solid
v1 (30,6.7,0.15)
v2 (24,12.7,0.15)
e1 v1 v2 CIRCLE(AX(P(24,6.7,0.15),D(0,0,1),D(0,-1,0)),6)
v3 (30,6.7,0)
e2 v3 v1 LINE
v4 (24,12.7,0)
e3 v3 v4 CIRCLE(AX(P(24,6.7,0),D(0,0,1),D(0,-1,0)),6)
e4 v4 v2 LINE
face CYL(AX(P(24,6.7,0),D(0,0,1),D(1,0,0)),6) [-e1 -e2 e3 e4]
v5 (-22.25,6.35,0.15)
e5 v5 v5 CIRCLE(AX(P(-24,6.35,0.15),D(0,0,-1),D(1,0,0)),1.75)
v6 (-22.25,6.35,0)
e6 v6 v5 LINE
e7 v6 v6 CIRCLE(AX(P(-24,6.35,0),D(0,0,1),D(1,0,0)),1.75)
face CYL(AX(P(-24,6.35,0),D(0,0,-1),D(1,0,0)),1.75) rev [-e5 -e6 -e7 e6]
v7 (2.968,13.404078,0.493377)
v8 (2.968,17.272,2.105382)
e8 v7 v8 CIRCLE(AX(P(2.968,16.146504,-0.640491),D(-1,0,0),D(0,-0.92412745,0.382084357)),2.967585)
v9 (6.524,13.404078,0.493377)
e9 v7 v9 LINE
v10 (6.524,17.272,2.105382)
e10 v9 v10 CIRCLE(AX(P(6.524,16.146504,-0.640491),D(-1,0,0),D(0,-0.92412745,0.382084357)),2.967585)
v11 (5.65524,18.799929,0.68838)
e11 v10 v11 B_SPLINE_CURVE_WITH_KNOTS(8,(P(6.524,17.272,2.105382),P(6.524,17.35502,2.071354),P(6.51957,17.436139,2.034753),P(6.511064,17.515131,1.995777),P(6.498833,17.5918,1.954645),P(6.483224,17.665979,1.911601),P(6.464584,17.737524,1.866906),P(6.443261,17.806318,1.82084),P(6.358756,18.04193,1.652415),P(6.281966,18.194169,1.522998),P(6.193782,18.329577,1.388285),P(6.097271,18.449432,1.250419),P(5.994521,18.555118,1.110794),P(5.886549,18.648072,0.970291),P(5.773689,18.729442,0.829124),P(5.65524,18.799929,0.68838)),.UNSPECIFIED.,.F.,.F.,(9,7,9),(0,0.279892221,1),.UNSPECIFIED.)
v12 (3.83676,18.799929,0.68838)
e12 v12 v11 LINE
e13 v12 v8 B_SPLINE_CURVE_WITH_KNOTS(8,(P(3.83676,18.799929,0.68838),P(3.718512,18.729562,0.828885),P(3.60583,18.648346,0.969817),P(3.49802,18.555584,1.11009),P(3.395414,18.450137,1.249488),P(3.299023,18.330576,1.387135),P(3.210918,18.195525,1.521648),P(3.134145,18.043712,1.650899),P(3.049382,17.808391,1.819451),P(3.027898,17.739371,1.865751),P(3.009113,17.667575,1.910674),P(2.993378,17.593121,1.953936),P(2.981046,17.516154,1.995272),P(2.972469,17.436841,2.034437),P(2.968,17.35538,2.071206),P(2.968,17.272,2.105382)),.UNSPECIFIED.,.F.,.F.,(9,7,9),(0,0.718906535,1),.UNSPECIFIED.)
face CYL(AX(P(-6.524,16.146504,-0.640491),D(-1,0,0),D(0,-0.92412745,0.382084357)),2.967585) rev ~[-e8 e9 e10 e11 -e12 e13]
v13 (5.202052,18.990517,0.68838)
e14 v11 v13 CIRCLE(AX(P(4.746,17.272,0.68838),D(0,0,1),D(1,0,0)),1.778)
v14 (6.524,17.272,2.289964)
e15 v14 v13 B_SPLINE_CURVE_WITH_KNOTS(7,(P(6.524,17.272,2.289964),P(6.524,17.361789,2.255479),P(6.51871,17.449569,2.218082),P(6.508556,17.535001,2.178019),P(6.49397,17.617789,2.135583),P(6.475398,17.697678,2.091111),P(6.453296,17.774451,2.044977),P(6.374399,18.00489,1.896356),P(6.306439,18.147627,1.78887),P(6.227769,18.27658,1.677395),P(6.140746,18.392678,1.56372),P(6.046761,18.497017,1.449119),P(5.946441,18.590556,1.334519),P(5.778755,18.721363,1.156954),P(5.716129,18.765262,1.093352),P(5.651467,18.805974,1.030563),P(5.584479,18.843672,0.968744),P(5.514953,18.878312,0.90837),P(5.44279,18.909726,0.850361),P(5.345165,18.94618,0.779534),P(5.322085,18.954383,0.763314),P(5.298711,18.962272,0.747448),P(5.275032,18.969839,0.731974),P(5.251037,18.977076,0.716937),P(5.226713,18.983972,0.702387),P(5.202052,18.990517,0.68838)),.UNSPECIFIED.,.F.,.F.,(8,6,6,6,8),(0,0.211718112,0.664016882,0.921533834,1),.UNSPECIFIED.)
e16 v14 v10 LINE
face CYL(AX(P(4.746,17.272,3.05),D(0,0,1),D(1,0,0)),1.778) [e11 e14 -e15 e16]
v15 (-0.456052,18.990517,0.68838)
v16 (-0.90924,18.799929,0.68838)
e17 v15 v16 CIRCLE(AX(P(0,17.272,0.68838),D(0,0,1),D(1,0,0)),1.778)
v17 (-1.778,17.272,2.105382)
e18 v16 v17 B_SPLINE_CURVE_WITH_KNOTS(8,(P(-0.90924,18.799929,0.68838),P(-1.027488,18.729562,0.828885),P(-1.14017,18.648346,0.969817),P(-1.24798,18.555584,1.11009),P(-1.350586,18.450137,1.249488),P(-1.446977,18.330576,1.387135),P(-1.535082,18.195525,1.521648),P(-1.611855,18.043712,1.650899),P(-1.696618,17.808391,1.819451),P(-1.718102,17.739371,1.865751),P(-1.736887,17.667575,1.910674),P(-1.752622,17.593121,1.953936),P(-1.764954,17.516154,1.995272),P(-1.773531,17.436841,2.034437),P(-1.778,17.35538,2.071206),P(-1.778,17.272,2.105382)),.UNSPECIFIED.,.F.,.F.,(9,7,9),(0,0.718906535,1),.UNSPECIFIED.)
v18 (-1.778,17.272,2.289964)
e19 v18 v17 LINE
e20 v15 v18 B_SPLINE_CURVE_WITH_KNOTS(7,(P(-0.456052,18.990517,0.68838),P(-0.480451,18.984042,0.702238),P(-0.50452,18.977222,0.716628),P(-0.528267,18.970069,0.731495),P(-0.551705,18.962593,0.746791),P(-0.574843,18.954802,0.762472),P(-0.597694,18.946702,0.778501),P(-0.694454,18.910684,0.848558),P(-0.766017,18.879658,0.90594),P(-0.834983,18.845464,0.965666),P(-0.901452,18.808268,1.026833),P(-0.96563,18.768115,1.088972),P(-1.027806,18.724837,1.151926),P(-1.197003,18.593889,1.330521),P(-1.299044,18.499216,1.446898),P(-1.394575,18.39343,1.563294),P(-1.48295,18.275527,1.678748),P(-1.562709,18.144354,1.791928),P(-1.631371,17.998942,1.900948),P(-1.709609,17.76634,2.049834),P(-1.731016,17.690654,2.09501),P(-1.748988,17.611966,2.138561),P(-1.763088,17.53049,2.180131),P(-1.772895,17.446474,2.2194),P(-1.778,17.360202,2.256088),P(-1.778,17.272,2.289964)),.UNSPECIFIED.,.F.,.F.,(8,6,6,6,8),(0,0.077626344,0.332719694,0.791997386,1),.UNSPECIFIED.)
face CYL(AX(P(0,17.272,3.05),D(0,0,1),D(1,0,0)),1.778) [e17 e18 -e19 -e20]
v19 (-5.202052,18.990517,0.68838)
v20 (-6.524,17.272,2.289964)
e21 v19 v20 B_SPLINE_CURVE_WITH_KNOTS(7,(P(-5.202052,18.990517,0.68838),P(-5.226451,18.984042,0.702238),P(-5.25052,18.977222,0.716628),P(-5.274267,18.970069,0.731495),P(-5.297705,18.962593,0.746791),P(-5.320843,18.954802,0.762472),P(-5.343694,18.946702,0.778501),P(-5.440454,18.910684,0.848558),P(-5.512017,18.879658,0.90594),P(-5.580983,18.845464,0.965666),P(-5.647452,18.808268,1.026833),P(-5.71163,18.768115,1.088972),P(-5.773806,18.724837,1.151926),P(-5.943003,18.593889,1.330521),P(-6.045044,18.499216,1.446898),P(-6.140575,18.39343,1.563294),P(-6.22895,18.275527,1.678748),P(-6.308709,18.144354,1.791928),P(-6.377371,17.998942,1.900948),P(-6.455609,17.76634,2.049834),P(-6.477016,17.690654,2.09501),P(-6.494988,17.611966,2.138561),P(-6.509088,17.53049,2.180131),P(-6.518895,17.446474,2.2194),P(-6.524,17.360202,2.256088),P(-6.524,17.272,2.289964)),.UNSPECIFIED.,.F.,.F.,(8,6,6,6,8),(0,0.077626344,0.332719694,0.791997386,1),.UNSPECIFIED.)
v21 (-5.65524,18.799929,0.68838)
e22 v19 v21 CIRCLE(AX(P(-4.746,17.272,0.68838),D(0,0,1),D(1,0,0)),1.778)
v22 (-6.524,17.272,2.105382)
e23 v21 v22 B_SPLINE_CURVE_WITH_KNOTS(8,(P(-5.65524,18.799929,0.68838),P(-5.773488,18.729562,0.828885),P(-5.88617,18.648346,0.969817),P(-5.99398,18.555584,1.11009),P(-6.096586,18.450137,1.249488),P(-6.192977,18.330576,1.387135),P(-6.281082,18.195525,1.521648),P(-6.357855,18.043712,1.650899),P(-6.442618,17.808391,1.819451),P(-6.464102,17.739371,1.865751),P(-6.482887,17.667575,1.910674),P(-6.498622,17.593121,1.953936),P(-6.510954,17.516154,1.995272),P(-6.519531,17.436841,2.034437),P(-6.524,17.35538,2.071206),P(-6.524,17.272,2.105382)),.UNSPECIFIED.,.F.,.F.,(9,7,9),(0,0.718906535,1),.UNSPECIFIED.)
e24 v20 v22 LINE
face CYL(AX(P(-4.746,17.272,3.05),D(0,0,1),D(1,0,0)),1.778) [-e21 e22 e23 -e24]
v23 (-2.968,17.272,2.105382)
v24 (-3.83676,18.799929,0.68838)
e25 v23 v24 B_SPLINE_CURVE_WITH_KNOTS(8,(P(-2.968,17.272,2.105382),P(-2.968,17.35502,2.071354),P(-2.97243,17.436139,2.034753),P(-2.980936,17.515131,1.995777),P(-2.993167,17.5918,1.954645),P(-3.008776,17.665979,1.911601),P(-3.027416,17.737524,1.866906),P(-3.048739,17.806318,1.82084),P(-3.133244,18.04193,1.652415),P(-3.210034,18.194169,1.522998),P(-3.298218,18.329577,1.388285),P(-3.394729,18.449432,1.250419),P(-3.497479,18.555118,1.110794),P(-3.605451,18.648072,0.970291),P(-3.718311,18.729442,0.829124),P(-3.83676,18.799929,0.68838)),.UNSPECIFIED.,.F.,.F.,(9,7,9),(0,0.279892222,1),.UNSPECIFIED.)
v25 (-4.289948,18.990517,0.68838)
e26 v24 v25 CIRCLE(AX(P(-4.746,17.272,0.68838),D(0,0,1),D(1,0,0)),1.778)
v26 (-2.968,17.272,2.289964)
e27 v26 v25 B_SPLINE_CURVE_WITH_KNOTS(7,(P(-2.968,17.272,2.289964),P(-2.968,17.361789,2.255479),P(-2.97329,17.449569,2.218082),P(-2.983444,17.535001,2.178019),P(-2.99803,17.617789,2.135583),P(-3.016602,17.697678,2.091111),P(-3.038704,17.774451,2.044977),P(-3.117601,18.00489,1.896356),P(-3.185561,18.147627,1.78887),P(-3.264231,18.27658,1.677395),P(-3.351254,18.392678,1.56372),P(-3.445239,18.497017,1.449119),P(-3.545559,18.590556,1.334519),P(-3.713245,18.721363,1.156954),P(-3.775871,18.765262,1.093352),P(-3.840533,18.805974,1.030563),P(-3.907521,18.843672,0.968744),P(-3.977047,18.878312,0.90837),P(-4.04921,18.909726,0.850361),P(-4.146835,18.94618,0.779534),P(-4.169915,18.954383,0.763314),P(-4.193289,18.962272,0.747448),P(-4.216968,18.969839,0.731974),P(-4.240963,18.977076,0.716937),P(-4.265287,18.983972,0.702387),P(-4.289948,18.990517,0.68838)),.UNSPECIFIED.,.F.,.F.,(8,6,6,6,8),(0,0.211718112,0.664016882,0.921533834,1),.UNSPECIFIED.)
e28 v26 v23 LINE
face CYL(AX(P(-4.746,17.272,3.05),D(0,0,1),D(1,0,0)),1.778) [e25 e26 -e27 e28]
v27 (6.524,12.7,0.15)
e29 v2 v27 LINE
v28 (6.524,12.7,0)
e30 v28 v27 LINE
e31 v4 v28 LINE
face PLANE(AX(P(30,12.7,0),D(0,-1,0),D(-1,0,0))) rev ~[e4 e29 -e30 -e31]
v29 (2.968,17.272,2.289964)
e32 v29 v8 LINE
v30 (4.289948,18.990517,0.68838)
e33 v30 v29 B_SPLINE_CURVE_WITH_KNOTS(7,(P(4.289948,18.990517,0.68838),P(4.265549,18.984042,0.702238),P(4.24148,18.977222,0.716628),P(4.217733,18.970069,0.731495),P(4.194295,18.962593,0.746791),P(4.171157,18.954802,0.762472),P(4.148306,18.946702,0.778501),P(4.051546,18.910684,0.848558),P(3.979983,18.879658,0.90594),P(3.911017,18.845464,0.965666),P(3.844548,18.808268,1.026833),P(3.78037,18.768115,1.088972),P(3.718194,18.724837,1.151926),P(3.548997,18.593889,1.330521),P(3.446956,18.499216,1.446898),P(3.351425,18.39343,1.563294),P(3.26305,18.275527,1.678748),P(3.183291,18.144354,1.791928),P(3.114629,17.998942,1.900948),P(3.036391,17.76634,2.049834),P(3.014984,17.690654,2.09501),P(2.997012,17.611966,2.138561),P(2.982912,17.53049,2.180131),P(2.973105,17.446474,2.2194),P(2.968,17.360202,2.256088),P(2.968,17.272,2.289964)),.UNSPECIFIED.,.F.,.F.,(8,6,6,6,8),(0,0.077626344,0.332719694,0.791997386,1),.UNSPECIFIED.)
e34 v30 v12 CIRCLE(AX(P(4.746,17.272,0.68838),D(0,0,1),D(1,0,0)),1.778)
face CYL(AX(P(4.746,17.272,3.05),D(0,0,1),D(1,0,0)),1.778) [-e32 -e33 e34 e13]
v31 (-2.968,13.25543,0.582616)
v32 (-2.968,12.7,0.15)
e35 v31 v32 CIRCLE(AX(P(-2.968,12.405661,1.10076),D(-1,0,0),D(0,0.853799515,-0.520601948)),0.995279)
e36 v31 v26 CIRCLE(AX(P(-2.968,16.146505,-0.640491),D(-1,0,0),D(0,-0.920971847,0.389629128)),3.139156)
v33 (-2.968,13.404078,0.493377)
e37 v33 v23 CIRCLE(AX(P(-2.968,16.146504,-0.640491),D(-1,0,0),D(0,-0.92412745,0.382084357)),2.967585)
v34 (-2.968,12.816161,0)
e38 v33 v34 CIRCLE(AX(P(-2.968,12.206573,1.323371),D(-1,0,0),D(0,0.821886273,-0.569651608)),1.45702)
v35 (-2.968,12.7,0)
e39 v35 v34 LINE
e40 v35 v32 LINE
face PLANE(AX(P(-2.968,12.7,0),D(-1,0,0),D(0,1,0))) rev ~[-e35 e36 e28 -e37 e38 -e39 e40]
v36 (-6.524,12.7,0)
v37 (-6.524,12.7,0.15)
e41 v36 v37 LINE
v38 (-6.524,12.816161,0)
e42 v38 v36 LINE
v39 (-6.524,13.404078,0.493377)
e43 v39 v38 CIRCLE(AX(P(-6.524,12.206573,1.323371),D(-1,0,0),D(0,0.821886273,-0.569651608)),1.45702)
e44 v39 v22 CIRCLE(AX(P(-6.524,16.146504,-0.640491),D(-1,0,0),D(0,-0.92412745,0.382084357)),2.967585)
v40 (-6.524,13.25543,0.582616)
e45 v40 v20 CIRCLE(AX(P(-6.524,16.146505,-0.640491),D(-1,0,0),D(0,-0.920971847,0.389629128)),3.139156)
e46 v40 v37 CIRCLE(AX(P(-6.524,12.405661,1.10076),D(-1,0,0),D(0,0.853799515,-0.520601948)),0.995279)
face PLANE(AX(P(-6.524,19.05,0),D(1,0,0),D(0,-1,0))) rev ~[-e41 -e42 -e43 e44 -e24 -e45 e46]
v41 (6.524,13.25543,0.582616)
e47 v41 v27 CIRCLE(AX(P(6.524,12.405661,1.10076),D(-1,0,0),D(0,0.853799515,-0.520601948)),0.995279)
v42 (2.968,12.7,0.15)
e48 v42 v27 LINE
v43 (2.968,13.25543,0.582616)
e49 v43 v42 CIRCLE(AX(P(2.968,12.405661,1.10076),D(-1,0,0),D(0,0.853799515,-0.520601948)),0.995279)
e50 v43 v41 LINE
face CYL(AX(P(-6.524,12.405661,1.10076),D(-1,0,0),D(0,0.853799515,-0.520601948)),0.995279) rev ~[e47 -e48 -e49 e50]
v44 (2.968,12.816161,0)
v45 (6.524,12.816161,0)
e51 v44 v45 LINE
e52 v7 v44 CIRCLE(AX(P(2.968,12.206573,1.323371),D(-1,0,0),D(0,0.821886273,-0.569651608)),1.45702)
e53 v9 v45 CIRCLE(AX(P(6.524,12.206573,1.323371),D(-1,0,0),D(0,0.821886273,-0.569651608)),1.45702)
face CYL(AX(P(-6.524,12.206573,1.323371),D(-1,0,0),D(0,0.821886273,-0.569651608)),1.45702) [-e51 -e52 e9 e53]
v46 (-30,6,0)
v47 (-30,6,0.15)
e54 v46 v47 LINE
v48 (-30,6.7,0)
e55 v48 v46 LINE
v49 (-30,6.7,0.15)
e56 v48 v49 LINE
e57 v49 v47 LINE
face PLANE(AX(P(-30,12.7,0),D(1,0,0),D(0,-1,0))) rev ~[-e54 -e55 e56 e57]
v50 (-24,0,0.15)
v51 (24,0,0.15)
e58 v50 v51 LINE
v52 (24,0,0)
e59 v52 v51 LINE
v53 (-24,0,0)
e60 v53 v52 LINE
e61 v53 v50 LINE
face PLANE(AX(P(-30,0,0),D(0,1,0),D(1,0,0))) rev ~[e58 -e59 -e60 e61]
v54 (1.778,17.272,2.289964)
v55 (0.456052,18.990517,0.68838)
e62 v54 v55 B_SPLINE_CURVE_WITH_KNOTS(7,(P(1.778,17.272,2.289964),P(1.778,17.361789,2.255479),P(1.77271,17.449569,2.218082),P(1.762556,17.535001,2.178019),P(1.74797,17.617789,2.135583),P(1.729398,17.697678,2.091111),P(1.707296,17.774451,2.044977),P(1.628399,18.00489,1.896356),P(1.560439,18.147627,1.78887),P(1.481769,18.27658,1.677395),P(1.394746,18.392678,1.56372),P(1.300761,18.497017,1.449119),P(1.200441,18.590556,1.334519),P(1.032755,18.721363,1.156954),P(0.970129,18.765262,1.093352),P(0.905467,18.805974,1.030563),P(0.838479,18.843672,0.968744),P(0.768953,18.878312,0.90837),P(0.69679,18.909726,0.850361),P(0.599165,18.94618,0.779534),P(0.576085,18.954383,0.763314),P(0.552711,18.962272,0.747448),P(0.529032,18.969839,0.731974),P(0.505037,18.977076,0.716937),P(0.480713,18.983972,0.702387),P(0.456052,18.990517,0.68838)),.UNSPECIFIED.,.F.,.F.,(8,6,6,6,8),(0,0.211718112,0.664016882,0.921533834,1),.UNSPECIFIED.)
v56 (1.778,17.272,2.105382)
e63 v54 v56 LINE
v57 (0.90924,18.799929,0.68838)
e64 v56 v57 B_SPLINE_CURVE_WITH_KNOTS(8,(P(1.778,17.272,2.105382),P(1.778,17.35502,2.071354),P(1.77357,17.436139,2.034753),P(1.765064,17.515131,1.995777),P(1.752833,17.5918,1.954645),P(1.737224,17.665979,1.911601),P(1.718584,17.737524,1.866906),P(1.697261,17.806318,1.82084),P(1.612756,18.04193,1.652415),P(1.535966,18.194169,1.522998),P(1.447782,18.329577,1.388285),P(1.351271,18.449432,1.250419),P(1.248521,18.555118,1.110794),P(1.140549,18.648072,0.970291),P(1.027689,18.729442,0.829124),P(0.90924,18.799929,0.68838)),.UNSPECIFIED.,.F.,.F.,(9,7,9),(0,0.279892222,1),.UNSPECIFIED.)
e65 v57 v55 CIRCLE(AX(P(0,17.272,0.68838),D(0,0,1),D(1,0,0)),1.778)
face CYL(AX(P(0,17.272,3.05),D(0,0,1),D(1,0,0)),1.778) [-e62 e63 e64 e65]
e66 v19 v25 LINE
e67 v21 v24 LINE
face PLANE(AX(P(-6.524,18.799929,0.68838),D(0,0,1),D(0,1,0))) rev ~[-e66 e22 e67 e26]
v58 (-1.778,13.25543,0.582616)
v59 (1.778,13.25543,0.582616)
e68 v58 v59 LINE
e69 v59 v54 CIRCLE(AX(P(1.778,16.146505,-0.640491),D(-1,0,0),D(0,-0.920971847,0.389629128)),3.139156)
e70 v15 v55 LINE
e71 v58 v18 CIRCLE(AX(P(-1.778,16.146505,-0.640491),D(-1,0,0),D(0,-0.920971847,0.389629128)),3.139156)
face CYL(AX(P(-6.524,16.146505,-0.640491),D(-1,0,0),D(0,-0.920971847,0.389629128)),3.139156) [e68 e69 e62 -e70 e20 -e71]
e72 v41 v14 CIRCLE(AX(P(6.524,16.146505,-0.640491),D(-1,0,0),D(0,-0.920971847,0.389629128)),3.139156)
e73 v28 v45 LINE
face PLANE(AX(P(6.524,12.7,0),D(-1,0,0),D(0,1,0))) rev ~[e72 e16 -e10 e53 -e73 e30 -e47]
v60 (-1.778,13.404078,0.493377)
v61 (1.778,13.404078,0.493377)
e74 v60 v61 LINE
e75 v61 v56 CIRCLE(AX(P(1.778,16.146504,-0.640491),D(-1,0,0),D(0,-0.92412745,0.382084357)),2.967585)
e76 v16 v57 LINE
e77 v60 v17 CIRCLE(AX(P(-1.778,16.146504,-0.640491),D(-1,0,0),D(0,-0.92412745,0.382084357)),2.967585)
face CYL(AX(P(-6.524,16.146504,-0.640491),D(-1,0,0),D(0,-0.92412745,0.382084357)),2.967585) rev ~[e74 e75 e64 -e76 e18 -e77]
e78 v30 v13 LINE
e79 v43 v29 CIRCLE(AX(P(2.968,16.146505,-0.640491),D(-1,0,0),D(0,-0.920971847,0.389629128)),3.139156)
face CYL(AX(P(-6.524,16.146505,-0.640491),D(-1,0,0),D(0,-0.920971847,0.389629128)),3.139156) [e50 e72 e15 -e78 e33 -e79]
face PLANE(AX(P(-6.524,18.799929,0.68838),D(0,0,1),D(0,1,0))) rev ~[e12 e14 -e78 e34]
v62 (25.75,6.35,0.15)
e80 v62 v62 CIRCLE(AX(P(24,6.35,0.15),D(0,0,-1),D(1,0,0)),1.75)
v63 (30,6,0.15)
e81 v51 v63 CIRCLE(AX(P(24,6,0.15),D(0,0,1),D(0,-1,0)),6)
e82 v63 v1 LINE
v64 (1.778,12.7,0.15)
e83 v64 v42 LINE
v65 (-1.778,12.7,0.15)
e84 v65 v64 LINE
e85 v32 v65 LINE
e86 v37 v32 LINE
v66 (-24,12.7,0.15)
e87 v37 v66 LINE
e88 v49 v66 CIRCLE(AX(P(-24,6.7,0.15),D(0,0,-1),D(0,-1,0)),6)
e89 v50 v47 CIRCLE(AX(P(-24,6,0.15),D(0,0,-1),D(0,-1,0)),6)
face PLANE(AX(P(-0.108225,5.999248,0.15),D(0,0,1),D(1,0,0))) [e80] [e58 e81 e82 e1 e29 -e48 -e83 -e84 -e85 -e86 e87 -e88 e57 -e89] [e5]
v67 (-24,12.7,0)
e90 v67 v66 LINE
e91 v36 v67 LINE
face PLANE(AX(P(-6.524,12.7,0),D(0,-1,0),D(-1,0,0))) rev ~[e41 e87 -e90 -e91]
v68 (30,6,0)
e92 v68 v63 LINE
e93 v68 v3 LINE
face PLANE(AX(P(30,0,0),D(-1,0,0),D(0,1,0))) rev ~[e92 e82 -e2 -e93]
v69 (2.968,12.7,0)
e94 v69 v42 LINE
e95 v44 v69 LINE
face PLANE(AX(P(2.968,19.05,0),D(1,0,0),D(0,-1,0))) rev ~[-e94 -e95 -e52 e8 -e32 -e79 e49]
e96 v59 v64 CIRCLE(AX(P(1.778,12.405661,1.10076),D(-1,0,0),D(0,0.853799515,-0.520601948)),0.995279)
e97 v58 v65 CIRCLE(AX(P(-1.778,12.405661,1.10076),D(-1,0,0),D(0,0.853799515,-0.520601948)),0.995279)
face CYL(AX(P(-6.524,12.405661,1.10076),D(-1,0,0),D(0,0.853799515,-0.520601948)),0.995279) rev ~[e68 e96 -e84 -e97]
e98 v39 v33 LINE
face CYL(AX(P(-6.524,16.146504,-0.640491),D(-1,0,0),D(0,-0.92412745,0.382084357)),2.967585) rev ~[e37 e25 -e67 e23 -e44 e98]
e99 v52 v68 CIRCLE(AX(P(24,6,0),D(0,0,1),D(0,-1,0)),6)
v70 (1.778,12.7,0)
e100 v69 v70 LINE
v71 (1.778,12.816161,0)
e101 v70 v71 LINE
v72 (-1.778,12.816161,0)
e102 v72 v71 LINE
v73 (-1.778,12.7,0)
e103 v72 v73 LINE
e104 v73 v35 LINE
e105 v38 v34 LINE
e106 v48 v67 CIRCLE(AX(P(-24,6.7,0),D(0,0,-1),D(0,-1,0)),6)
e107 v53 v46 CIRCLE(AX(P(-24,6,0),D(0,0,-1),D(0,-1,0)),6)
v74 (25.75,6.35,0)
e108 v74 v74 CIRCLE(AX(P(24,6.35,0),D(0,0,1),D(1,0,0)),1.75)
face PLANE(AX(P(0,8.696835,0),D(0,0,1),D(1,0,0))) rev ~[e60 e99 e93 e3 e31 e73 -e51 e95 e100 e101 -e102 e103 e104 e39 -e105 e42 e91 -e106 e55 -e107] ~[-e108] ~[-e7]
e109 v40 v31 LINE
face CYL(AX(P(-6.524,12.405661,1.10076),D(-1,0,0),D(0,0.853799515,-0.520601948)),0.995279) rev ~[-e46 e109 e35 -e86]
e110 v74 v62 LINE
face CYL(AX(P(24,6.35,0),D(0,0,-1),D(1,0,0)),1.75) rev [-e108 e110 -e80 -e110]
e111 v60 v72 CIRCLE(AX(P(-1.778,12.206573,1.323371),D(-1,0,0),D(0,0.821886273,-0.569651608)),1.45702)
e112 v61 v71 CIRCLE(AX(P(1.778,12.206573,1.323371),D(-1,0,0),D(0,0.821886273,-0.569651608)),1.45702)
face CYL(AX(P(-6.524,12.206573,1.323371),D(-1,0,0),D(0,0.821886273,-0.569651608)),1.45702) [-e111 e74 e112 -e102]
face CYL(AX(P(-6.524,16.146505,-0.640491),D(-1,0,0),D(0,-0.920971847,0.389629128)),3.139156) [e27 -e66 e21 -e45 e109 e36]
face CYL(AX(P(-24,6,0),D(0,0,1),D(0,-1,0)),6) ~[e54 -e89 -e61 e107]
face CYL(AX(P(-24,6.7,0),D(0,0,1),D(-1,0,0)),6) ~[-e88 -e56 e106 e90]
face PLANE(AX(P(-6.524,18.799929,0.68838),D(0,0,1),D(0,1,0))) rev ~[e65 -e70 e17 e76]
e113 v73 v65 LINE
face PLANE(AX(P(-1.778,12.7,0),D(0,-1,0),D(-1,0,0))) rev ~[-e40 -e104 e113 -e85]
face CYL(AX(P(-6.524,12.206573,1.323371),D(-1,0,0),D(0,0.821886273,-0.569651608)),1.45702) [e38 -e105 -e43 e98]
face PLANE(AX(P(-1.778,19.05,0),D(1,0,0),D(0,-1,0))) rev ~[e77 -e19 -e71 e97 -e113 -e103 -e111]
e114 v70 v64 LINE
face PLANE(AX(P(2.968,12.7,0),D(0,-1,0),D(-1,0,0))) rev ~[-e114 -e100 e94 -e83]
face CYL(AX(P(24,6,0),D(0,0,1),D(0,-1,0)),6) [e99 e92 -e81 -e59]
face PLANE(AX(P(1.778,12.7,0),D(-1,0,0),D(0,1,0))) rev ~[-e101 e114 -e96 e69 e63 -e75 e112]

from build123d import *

# Parameters (mm, degrees)
SKETCH_R        = 1.75
PAD_DEPTH       = 3.05
SKETCH001_W     = 60.21645
SKETCH001_H     = 13.401505
POCKET_DEPTH    = 2.9
POCKET001_DEPTH = 3.051
POCKET002_DEPTH = 36.525
FILLET_R        = 6


with BuildPart() as part:
    # Sketch → Pad (new body)
    with BuildSketch(Plane.XY):
        Polygon((-30, 0), (30, 0), (30, 12.7), (6.524, 12.7), (6.524, 19.05), (2.968, 19.05), (2.968, 12.7), (1.778, 12.7), (1.778, 19.05), (-1.778, 19.05), (-1.778, 12.7), (-2.968, 12.7), (-2.968, 19.05), (-6.524, 19.05), (-6.524, 12.7), (-30, 12.7), align=None)
        with Locations((-24, 6.35)):
            Circle(SKETCH_R, mode=Mode.SUBTRACT)
        with Locations((24, 6.35)):
            Circle(SKETCH_R, mode=Mode.SUBTRACT)
    extrude(amount=PAD_DEPTH)

    # Sketch001 (on Face20 of Pad) → Pocket (cut)
    with BuildSketch(Plane.XY.offset(3.05)):
        with Locations((-0.108225, 5.999248)):
            Rectangle(SKETCH001_W, SKETCH001_H)
    extrude(amount=-POCKET_DEPTH, mode=Mode.SUBTRACT)

    # Sketch002 (on Face25 of Pocket) → Pocket001 (cut, through all)
    with BuildSketch(Plane.XY.offset(3.05)):
        with BuildLine():
            ThreePointArc((-2.968, 17.272), (-4.746, 19.05), (-6.524, 17.272))
            Line((-6.524, 17.272), (-7.554864, 19.132154))
            Line((-7.554864, 19.132154), (-6.342233, 20.53426))
            Line((-6.342233, 20.53426), (5.632503, 20.53426))
            Line((5.632503, 20.53426), (7.211451, 19.637419))
            Line((6.524, 17.272), (7.211451, 19.637419))
            ThreePointArc((6.524, 17.272), (4.746, 19.05), (2.968, 17.272))
            Line((2.968, 17.272), (1.778, 17.272))
            ThreePointArc((1.778, 17.272), (0, 19.05), (-1.778, 17.272))
            Line((-1.778, 17.272), (-2.968, 17.272))
        make_face()
    extrude(amount=-POCKET001_DEPTH, mode=Mode.SUBTRACT)

    # Sketch003 (on Face7 of Pocket001) → Pocket002 (cut, through all)
    with BuildSketch(Plane(origin=(-6.524, 0, 0), x_dir=(0, -1, 0), z_dir=(-1, 0, 0))):
        with BuildLine():
            Line((-12.816161, 0), (-12.862388, -0.39199))
            Line((-12.862388, -0.39199), (-19.923561, -0.39199))
            Line((-19.923561, -0.39199), (-19.923561, 4.294415))
            Line((-19.923561, 4.294415), (-11.624612, 3.801784))
            Line((-11.624612, 3.801784), (-12.7, 0.15))
            ThreePointArc((-13.25543, 0.582616), (-13.017245, 0.315556), (-12.7, 0.15))
            ThreePointArc((-13.25543, 0.582616), (-16.088623, 2.498132), (-18.990517, 0.68838))
            Line((-18.799929, 0.68838), (-18.990517, 0.68838))
            ThreePointArc((-13.404078, 0.493377), (-16.039328, 2.325158), (-18.799929, 0.68838))
            ThreePointArc((-13.404078, 0.493377), (-13.14319, 0.207281), (-12.816161, 0))
        make_face()
    extrude(amount=-POCKET002_DEPTH, mode=Mode.SUBTRACT)

    # Fillet
    fillet_edges = [part.edges().sort_by_distance(p)[0] for p in [
        (30, 0, 0.075),
        (30, 12.7, 0.075),
        (-30, 12.7, 0.075),
        (-30, 0, 0.075),
    ]]
    fillet(fillet_edges, radius=FILLET_R)


solid = part.part
